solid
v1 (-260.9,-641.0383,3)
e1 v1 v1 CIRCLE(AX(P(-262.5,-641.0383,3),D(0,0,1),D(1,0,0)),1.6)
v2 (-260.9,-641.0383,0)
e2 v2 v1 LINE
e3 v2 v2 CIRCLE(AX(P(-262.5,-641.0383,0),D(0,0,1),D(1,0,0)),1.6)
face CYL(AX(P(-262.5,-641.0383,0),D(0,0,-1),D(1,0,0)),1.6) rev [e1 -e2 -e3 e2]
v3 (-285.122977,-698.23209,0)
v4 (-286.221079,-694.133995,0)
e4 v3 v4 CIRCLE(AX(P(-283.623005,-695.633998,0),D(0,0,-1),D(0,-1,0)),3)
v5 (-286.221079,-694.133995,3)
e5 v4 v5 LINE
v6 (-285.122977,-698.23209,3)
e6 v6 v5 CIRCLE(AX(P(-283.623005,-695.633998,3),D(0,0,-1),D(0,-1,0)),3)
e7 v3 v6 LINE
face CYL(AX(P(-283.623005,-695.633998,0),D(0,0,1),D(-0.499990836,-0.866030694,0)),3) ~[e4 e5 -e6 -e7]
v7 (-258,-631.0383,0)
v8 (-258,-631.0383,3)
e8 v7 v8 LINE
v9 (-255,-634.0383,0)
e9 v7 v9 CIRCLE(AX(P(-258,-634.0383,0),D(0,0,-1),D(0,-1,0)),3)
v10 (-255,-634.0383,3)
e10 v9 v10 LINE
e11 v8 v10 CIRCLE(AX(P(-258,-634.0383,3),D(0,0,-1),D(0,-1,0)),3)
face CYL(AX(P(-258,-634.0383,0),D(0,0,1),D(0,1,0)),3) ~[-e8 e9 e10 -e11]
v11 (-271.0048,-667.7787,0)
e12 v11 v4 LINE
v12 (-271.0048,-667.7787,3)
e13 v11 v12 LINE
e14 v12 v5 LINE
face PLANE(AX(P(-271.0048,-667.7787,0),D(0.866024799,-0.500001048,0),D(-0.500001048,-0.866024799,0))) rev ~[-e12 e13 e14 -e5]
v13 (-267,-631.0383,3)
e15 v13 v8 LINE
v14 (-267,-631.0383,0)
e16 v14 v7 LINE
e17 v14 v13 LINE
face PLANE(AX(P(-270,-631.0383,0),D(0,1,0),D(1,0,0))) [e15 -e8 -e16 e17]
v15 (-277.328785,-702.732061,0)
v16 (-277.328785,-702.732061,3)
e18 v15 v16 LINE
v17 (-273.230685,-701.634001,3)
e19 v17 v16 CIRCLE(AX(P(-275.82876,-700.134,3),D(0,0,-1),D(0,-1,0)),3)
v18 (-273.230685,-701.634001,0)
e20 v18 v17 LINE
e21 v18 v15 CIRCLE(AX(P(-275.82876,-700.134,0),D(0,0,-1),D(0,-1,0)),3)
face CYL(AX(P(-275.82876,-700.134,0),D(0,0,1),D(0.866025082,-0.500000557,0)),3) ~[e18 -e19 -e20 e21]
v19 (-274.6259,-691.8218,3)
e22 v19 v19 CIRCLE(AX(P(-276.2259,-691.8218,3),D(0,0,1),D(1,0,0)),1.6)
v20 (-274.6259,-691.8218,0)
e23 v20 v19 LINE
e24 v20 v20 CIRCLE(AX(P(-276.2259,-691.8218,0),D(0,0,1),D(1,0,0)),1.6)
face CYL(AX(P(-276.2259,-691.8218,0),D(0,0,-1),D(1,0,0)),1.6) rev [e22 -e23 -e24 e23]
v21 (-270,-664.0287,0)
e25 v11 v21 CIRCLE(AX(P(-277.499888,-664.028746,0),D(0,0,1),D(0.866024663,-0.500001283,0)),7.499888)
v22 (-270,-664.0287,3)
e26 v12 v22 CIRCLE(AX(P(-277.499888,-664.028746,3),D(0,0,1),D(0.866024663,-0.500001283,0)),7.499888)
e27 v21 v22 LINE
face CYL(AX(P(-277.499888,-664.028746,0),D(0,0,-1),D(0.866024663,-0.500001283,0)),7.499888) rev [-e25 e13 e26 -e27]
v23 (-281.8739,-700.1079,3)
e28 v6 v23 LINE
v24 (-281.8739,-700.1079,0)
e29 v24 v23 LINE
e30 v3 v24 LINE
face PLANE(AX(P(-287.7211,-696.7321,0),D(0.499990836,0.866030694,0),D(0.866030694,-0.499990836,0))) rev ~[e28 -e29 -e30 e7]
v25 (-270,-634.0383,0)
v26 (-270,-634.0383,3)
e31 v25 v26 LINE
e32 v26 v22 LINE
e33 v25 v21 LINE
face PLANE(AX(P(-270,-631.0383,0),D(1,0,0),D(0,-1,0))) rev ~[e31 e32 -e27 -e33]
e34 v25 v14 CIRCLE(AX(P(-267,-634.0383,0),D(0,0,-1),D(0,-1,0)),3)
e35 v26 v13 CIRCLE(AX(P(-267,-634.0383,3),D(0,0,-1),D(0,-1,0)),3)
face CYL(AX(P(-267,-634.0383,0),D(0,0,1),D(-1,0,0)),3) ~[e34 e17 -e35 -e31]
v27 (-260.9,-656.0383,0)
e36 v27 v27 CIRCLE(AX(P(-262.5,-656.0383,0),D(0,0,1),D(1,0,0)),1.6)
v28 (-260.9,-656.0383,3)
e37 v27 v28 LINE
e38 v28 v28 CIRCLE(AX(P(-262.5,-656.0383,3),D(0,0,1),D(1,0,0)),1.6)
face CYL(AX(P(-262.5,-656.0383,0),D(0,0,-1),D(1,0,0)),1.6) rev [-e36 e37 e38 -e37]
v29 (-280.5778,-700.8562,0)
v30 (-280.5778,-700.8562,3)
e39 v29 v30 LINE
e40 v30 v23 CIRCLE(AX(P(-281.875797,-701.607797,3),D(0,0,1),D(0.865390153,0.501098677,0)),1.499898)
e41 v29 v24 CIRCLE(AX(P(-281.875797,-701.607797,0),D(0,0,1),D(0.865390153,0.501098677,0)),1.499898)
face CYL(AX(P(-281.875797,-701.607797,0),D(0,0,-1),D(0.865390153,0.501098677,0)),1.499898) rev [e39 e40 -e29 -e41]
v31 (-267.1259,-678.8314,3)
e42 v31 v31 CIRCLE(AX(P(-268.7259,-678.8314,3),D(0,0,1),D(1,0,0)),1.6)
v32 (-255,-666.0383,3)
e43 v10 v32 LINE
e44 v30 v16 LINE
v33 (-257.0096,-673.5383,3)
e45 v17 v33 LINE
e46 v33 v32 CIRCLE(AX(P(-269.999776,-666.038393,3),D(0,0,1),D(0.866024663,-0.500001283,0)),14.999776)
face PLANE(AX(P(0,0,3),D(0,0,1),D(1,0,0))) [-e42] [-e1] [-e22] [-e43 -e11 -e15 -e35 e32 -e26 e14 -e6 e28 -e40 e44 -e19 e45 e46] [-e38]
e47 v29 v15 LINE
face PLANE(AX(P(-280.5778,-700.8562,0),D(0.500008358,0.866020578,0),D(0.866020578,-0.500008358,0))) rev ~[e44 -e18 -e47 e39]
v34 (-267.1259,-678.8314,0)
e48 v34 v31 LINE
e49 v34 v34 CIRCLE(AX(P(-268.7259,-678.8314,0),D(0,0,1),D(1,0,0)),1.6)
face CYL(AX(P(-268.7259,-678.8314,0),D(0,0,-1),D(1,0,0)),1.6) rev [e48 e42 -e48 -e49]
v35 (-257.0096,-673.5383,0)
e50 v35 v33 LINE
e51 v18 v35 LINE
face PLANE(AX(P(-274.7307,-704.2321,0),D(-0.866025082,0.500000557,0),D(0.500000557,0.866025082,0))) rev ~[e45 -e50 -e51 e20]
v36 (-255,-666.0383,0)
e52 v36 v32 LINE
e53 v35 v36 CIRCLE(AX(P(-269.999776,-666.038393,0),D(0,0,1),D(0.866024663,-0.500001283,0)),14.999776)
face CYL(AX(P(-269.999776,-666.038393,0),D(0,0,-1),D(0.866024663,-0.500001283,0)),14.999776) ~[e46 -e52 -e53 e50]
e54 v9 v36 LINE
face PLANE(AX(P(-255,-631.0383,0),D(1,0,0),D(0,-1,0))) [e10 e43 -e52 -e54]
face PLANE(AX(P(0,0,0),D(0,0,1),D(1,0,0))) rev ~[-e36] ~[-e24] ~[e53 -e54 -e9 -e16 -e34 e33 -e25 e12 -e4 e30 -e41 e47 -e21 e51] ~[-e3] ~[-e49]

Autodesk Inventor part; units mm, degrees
ref_plane "YZ Plane" through (0, 0, 0) normal (1, 0, 0) x (0, 1, 0)
ref_plane "XZ Plane" through (0, 0, 0) normal (0, 1, 0) x (-1, 0, 0)
ref_plane "XY Plane" through (0, 0, 0) normal (0, 0, 1) x (1, 0, 0)
sketch "スケッチ1" plane through (0, 0, 0) normal (0, 0, 1) x (1, 0, 0)
  line L0 (67.5, 17.5) -> (-67.5, 17.5) construction
  line L1 (-67.5, 17.5) -> (-67.5, -17.5) construction
  line L2 (-67.5, -17.5) -> (67.5, -17.5) construction
  line L3 (67.5, -17.5) -> (67.5, 17.5) construction
  line L4 (67.5, 17.5) -> (-67.5, -17.5) construction
  line L5 (-67.5, 17.5) -> (67.5, -17.5) construction
  circle A0 centre (-60, 35) radius 1.6 construction
  circle A1 centre (-70, 35) radius 1.6 construction
  line L6 (-77.5, 27.5) -> (-53, 27.5) construction
  line L7 (-53, 27.5) -> (-53, 42.5) construction
  line L8 (-53, 42.5) -> (-80, 42.5) construction
  line L9 (-77.5, 27.5) -> (-77.5, -27.5) construction
  line L10 (-77.5, -27.5) -> (-53, -27.5) construction
  line L11 (-53, -27.5) -> (-53, -42.5) construction
  line L12 (-53, -42.5) -> (-80, -42.5) construction
  circle A2 centre (-60, -35) radius 1.6 construction
  circle A3 centre (-70, -35) radius 1.6 construction
  circle A4 centre (-80, -35) radius 1.6 construction
  line L13 (124.2308, -31.7536) -> (484.5935, -392.1164)
  line L14 (484.5935, -392.1164) -> (488.7129, -553.575)
  line L15 (-80, 21.2868) -> (-468.838, -367.5512) construction
  line L16 (-468.838, -367.5512) -> (-479.4446, -356.9446)
  line L17 (-479.4446, -356.9446) -> (-90.6066, 31.8934) construction
  line L18 (-90.6066, 31.8934) -> (-80, 21.2868) construction
  line L19 (-80, 42.5) -> (-80, 5.3052) construction
  circle A5 centre (-92.3744, 19.519) radius 1.6 construction
  circle A6 centre (-102.981, 8.9124) radius 1.6 construction
  circle A7 centre (-113.5876, -1.6942) radius 1.6 construction
  line L20 (-92.3744, 19.519) -> (-113.5876, -1.6942) construction
  circle A8 centre (-437.941, -345.2067) radius 1.6
  circle A9 centre (-426.1402, -333.4059) radius 1.6
  line L21 (-388.4374, -772.2067) -> (-358.1265, -754.7067) construction
  line L22 (-358.1265, -754.7067) -> (-425.6265, -637.7933) construction
  line L23 (-455.9374, -655.2933) -> (-358.1265, -754.7067) construction
  line L24 (-388.4374, -772.2067) -> (-425.6265, -637.7933) construction
  line L25 (-455.9374, -655.2933) -> (-388.4374, -772.2067) construction
  line L26 (-425.6265, -637.7933) -> (-455.9374, -655.2933) construction
  line L27 (455.9374, -655.2933) -> (425.6265, -637.7933) construction
  line L28 (425.6265, -637.7933) -> (358.1265, -754.7067) construction
  line L29 (388.4374, -772.2067) -> (425.6265, -637.7933) construction
  line L30 (455.9374, -655.2933) -> (358.1265, -754.7067) construction
  line L31 (388.4374, -772.2067) -> (455.9374, -655.2933) construction
  line L32 (358.1265, -754.7067) -> (388.4374, -772.2067) construction
  line L33 (0, 0) -> (0, -263.4473) construction
  circle A10 centre (80, -35) radius 1.6 construction
  line L34 (67.5, 17.5) -> (67.5, -17.5) construction
  line L35 (77.5, 27.5) -> (53, 27.5) construction
  line L36 (77.5, 27.5) -> (77.5, -27.5) construction
  line L37 (77.5, -27.5) -> (53, -27.5) construction
  circle A11 centre (60, -35) radius 1.6 construction
  circle A12 centre (70, -35) radius 1.6 construction
  line L38 (53, -27.5) -> (53, -42.5) construction
  line L39 (53, -42.5) -> (80, -42.5) construction
  circle A13 centre (60, 35) radius 1.6 construction
  circle A14 centre (70, 35) radius 1.6 construction
  line L40 (80, 42.5) -> (80, 5.3052) construction
  line L41 (53, 42.5) -> (80, 42.5) construction
  line L42 (53, 27.5) -> (53, 42.5) construction
  line L43 (-392.0976, -785.867) -> (-404.3476, -764.6493)
  line L44 (-388.4374, -772.2067) -> (-358.1265, -754.7067) construction
  line L45 (-392.0976, -785.867) -> (-344.4662, -758.367)
  circle A15 centre (-336.7211, -756.782) radius 1.6
  circle A16 centre (-341.7211, -748.1218) radius 1.6
  line L46 (-343.7259, -729.6493) -> (-330.2259, -753.032)
  circle A17 centre (-346.7211, -739.4615) radius 1.6
  line L47 (-356.7162, -737.1493) -> (-343.7259, -729.6493)
  line L48 (-344.4662, -758.367) -> (-356.7162, -737.1493)
  circle A18 centre (-407.3428, -774.4615) radius 1.6
  circle A19 centre (-402.3428, -783.1218) radius 1.6
  line L49 (-404.3476, -764.6493) -> (-417.338, -772.1493)
  line L50 (-417.338, -772.1493) -> (-405.4634, -792.7168)
  line L51 (-403.838, -795.532) -> (-371.6264, -776.9346) construction
  line L52 (-425.6265, -637.7933) -> (-455.9374, -655.2933) construction
  line L53 (-409.7162, -645.3507) -> (-396.7259, -637.8507)
  circle A20 centre (-406.7211, -635.5385) radius 1.6
  line L54 (-455.9374, -655.2933) -> (-425.6265, -637.7933) construction
  circle A21 centre (-411.7211, -626.8782) radius 1.6
  line L55 (-469.5976, -651.633) -> (-421.9662, -624.133)
  line L56 (-421.9662, -624.133) -> (-409.7162, -645.3507)
  line L57 (-396.7259, -637.8507) -> (-410.2259, -614.468)
  circle A22 centre (-416.7211, -618.218) radius 1.6
  line L58 (-469.5976, -651.633) -> (-457.3476, -672.8507)
  circle A23 centre (-467.3428, -670.5385) radius 1.6
  circle A24 centre (-472.3428, -661.8782) radius 1.6
  line L59 (-483.838, -656.968) -> (-451.6264, -638.3706) construction
  line L60 (-470.338, -680.3507) -> (-483.838, -656.968)
  line L61 (-457.3476, -672.8507) -> (-470.338, -680.3507)
  line L62 (469.5976, -651.633) -> (457.3476, -672.8507)
  line L63 (455.9374, -655.2933) -> (425.6265, -637.7933) construction
  line L64 (469.5976, -651.633) -> (421.9662, -624.133)
  circle A25 centre (416.7211, -618.218) radius 1.6
  circle A26 centre (411.7211, -626.8782) radius 1.6
  line L65 (396.7259, -637.8507) -> (410.2259, -614.468)
  circle A27 centre (406.7211, -635.5385) radius 1.6
  line L66 (409.7162, -645.3507) -> (396.7259, -637.8507)
  line L67 (421.9662, -624.133) -> (409.7162, -645.3507)
  circle A28 centre (467.3428, -670.5385) radius 1.6
  circle A29 centre (472.3428, -661.8782) radius 1.6
  line L68 (457.3476, -672.8507) -> (470.338, -680.3507)
  line L69 (470.338, -680.3507) -> (483.838, -656.968)
  line L70 (483.838, -656.968) -> (451.6264, -638.3706) construction
  line L71 (358.1265, -754.7067) -> (388.4374, -772.2067) construction
  line L72 (356.7162, -737.1493) -> (343.7259, -729.6493)
  circle A30 centre (346.7211, -739.4615) radius 1.6
  line L73 (388.4374, -772.2067) -> (358.1265, -754.7067) construction
  circle A31 centre (341.7211, -748.1218) radius 1.6
  line L74 (392.0976, -785.867) -> (344.4662, -758.367)
  line L75 (344.4662, -758.367) -> (356.7162, -737.1493)
  line L76 (343.7259, -729.6493) -> (330.2259, -753.032)
  circle A32 centre (336.7211, -756.782) radius 1.6
  line L77 (392.0976, -785.867) -> (404.3476, -764.6493)
  circle A33 centre (407.3428, -774.4615) radius 1.6
  circle A34 centre (402.3428, -783.1218) radius 1.6
  line L78 (403.838, -795.532) -> (371.6264, -776.9346) construction
  line L79 (417.338, -772.1493) -> (403.838, -795.532)
  line L80 (404.3476, -764.6493) -> (417.338, -772.1493)
  line L81 (-483.838, -367.5512) -> (-468.838, -367.5512)
  line L82 (-468.838, -367.5512) -> (-468.838, -648.3077) construction
  line L83 (-468.838, -648.3077) -> (-483.838, -648.3077) construction
  line L84 (-483.838, -648.3077) -> (-483.838, -367.5512) construction
  line L85 (-283.2277, -604.4352) -> (-262.2277, -640.8083) construction
  line L86 (345.2492, -497.0108) -> (305.7786, -565.3759) construction
  line L87 (250, -655.004) -> (-250, -655.004) construction
  line L88 (-250, -655.004) -> (-250, -1155.004) construction
  line L89 (-250, -1155.004) -> (250, -1155.004) construction
  line L90 (250, -1155.004) -> (250, -655.004) construction
  line L91 (250, -655.004) -> (-250, -1155.004) construction
  line L92 (-250, -655.004) -> (250, -1155.004) construction
  line L93 (-12.841, -157.5) -> (15.1134, -157.5) construction
  circle A35 centre (-3.0548, -432.807) radius 212.5 construction
  line L94 (496.9452, 30.2659) -> (-503.0548, 30.2659) construction
  line L95 (-503.0548, 30.2659) -> (-503.0548, -969.7341) construction
  line L96 (-503.0548, -969.7341) -> (496.9452, -969.7341) construction
  line L97 (496.9452, -969.7341) -> (496.9452, 30.2659) construction
  line L98 (496.9452, 30.2659) -> (-503.0548, -969.7341) construction
  line L99 (-503.0548, 30.2659) -> (496.9452, -969.7341) construction
  circle A36 centre (-3.0548, -432.807) radius 250 construction
  line L100 (-80, 42.5) -> (-90.6066, 31.8934) construction
  line L101 (-80, 42.5) -> (-118.8909, 3.6091) construction
  line L102 (-118.8909, -6.2904) -> (-113.234, -11.9472) construction
  line L103 (-113.234, -11.9472) -> (-85.3433, -40.263) construction
  arc A37 (-118.8909, 3.6091) -> (-118.8909, -6.2904) centre (-113.9411, -1.3406) ccw construction
  arc A38 (-85.3433, -40.263) -> (-80, -42.5) centre (-80, -35) ccw construction
  line L104 (-80, 42.5) -> (-53, 42.5) construction
  circle A39 centre (-476.338, -638.3077) radius 1.6
  circle A40 centre (-476.338, -623.3077) radius 1.6
  circle A41 centre (-476.338, -608.2553) radius 1.6
  line L105 (-483.838, -656.968) -> (-483.838, -601.2553)
  line L106 (-483.838, -601.2553) -> (-468.838, -601.2553)
  line L107 (-468.838, -601.2553) -> (-415.3976, -610.8357)
  arc A42 (-410.2259, -614.468) -> (-415.3976, -610.8357) centre (-416.7211, -618.218) ccw
  line L108 (-255, -181.8915) -> (-270, -181.8915)
  line L109 (-270, -181.8915) -> (-270, -631.0383) construction
  line L110 (-270, -666.0383) -> (-255, -666.0383) construction
  line L111 (-255, -666.0383) -> (-255, -181.8915) construction
  line L112 (-271.0048, -667.7787) -> (-287.7211, -696.7321)
  line L113 (-426.5432, -937.1791) -> (-415.5605, -943.52)
  line L114 (-257.0096, -673.5383) -> (-270, -666.0383) construction
  line L115 (-325.2259, -761.6923) -> (-338.2162, -769.1923) construction
  circle A43 centre (-325.2259, -776.6923) radius 1.6
  circle A44 centre (-332.7259, -789.6827) radius 1.6
  circle A45 centre (-340.2259, -802.673) radius 1.6
  line L116 (-325.2259, -776.6923) -> (-340.2259, -802.673) construction
  line L117 (-330.2259, -753.032) -> (-318.7307, -772.9423)
  line L118 (-318.7307, -780.4423) -> (-333.7307, -806.423)
  line L119 (-400.6724, -796.2707) -> (-341.93, -809.9769)
  arc A46 (-405.4634, -792.7168) -> (-400.6724, -796.2707) centre (-398.9682, -788.9668) ccw
  arc A47 (-341.93, -809.9769) -> (-333.7307, -806.423) centre (-340.2259, -802.673) ccw
  arc A48 (-318.7307, -780.4423) -> (-318.7307, -772.9423) centre (-325.2259, -776.6923) ccw
  circle A49 centre (-268.7259, -678.8314) radius 1.6
  circle A50 centre (-276.2259, -691.8218) radius 1.6
  line L120 (-268.7259, -678.8314) -> (-283.7259, -704.8122) construction
  circle A51 centre (-262.5, -656.0383) radius 1.6
  circle A52 centre (-262.5, -641.0383) radius 1.6
  line L121 (-270, -631.0383) -> (-255, -631.0383)
  line L122 (-287.7211, -696.7321) -> (-281.8739, -700.1079)
  line L123 (-274.7307, -704.2321) -> (-257.0096, -673.5383)
  line L124 (-255, -631.0383) -> (-255, -666.0383)
  arc A53 (-257.0096, -673.5383) -> (-255, -666.0383) centre (-270, -666.0383) ccw
  line L125 (-270, -631.0383) -> (-270, -664.0287)
  line L126 (-287.7211, -696.7321) -> (-426.5432, -937.1791) construction
  arc A54 (-271.0048, -667.7787) -> (-270, -664.0287) centre (-277.5, -664.0287) ccw
  arc A55 (-280.5778, -700.8562) -> (-281.8739, -700.1079) centre (-281.8759, -701.6079) ccw
  line L127 (-281.8739, -700.1079) -> (-280.5778, -700.8562) construction
  line L128 (-280.5778, -700.8562) -> (-274.7307, -704.2321)
  arc A56 (-282.6259, -702.9069) -> (-280.5778, -700.8562) centre (-281.8759, -701.6079) ccw construction
  arc A57 (-281.8739, -700.1079) -> (-282.6259, -702.9069) centre (-281.8759, -701.6079) ccw construction
  point P0 (-77.5, 0)
  point P1 (0, -470)
  point P2 (-123.8406, -1.3406)
  point P3 (-102.981, 8.9124)
  point P4 (-407.0319, -705)
  point P5 (-407.0319, -705)
  point P6 (407.0319, -705)
  point P7 (407.0319, -705)
  point P8 (77.5, 0)
  point P9 (-368.2819, -772.117)
  point P10 (-385.4668, -784.9254)
  point P11 (-445.7819, -637.883)
  point P12 (445.7819, -637.883)
  point P13 (465.4668, -646.3614)
  point P14 (368.2819, -772.117)
  point P15 (0, -905.004)
  point P16 (-3.0548, -469.7341)
  point P17 (0, -905.004)
  point P18 (-262.5, -666.0383)
  dimension "d4" = 135
  dimension "d5" = 35
  dimension "d6" = 3.2
  dimension "d7" = 3.2
  dimension "d8" = 10
  dimension "d9" = 15
  dimension "d10" = 10
  dimension "d11" = 7.5
  dimension "d12" = 7
  dimension "d13" = 70
  dimension "d14" = 3.2
  dimension "d15" = 3.2
  dimension "d16" = 3.2
  dimension "d17" = 10
  dimension "d18" = 10
  dimension "d19" = 7
  dimension "d20" = 15
  dimension "d21" = 7.5
  dimension "d22" = 10
  dimension "d23" = 10
  dimension "d24" = 135
  dimension "d25" = 15
  dimension "d26" = 10
  dimension "d27" = 3.2
  dimension "d28" = 3.2
  dimension "d29" = 3.2
  dimension "d30" = 10
  dimension "d31" = 15
  dimension "d32" = 15
  dimension "d33" = 7.5
  dimension "d34" = 45
  dimension "d35" = 3.2
  dimension "d36" = 3.2
  dimension "d37" = 360
  dimension "d38" = 360
  dimension "d39" = 470
  dimension "d40" = 15
  dimension "d41" = 200
  dimension "d42" = 200
  dimension "d43" = 500
  dimension "d44" = 500
  dimension "d45" = 200
  dimension "d46" = 425
  dimension "d47" = 1000
  dimension "d48" = 1000
  dimension "d49" = 42
  dimension "d50" = 500
  dimension "d51" = 7
  dimension "d52" = 7
  dimension "d53" = 3.2
  dimension "d54" = 3.2
  dimension "d55" = 3.2
  dimension "d56" = 15
  dimension "d57" = 15.0524
  dimension "d58" = 7.5
  dimension "d59" = 10
  dimension "d60" = 7
  dimension "d61" = 15
  dimension "d62" = 5
  dimension "d63" = 150
  dimension "d64" = 10
  dimension "d65" = 15
  dimension "d66" = 3.2
  dimension "d67" = 3.2
extrude "押し出し1" add sketch "スケッチ1" along normal blind 3 contours A54 L125 L121 L124 A53 L123 L128 A55 L122 L112
fillet "フィレット1" radius 3 4 edges at (-270, -631.0383, 1.5) (-255, -631.0383, 1.5) (-287.7211, -696.7321, 1.5) (-274.7307, -704.2321, 1.5)
properties part number "オムニ_固定具2" material "アルミニウム 6061"
